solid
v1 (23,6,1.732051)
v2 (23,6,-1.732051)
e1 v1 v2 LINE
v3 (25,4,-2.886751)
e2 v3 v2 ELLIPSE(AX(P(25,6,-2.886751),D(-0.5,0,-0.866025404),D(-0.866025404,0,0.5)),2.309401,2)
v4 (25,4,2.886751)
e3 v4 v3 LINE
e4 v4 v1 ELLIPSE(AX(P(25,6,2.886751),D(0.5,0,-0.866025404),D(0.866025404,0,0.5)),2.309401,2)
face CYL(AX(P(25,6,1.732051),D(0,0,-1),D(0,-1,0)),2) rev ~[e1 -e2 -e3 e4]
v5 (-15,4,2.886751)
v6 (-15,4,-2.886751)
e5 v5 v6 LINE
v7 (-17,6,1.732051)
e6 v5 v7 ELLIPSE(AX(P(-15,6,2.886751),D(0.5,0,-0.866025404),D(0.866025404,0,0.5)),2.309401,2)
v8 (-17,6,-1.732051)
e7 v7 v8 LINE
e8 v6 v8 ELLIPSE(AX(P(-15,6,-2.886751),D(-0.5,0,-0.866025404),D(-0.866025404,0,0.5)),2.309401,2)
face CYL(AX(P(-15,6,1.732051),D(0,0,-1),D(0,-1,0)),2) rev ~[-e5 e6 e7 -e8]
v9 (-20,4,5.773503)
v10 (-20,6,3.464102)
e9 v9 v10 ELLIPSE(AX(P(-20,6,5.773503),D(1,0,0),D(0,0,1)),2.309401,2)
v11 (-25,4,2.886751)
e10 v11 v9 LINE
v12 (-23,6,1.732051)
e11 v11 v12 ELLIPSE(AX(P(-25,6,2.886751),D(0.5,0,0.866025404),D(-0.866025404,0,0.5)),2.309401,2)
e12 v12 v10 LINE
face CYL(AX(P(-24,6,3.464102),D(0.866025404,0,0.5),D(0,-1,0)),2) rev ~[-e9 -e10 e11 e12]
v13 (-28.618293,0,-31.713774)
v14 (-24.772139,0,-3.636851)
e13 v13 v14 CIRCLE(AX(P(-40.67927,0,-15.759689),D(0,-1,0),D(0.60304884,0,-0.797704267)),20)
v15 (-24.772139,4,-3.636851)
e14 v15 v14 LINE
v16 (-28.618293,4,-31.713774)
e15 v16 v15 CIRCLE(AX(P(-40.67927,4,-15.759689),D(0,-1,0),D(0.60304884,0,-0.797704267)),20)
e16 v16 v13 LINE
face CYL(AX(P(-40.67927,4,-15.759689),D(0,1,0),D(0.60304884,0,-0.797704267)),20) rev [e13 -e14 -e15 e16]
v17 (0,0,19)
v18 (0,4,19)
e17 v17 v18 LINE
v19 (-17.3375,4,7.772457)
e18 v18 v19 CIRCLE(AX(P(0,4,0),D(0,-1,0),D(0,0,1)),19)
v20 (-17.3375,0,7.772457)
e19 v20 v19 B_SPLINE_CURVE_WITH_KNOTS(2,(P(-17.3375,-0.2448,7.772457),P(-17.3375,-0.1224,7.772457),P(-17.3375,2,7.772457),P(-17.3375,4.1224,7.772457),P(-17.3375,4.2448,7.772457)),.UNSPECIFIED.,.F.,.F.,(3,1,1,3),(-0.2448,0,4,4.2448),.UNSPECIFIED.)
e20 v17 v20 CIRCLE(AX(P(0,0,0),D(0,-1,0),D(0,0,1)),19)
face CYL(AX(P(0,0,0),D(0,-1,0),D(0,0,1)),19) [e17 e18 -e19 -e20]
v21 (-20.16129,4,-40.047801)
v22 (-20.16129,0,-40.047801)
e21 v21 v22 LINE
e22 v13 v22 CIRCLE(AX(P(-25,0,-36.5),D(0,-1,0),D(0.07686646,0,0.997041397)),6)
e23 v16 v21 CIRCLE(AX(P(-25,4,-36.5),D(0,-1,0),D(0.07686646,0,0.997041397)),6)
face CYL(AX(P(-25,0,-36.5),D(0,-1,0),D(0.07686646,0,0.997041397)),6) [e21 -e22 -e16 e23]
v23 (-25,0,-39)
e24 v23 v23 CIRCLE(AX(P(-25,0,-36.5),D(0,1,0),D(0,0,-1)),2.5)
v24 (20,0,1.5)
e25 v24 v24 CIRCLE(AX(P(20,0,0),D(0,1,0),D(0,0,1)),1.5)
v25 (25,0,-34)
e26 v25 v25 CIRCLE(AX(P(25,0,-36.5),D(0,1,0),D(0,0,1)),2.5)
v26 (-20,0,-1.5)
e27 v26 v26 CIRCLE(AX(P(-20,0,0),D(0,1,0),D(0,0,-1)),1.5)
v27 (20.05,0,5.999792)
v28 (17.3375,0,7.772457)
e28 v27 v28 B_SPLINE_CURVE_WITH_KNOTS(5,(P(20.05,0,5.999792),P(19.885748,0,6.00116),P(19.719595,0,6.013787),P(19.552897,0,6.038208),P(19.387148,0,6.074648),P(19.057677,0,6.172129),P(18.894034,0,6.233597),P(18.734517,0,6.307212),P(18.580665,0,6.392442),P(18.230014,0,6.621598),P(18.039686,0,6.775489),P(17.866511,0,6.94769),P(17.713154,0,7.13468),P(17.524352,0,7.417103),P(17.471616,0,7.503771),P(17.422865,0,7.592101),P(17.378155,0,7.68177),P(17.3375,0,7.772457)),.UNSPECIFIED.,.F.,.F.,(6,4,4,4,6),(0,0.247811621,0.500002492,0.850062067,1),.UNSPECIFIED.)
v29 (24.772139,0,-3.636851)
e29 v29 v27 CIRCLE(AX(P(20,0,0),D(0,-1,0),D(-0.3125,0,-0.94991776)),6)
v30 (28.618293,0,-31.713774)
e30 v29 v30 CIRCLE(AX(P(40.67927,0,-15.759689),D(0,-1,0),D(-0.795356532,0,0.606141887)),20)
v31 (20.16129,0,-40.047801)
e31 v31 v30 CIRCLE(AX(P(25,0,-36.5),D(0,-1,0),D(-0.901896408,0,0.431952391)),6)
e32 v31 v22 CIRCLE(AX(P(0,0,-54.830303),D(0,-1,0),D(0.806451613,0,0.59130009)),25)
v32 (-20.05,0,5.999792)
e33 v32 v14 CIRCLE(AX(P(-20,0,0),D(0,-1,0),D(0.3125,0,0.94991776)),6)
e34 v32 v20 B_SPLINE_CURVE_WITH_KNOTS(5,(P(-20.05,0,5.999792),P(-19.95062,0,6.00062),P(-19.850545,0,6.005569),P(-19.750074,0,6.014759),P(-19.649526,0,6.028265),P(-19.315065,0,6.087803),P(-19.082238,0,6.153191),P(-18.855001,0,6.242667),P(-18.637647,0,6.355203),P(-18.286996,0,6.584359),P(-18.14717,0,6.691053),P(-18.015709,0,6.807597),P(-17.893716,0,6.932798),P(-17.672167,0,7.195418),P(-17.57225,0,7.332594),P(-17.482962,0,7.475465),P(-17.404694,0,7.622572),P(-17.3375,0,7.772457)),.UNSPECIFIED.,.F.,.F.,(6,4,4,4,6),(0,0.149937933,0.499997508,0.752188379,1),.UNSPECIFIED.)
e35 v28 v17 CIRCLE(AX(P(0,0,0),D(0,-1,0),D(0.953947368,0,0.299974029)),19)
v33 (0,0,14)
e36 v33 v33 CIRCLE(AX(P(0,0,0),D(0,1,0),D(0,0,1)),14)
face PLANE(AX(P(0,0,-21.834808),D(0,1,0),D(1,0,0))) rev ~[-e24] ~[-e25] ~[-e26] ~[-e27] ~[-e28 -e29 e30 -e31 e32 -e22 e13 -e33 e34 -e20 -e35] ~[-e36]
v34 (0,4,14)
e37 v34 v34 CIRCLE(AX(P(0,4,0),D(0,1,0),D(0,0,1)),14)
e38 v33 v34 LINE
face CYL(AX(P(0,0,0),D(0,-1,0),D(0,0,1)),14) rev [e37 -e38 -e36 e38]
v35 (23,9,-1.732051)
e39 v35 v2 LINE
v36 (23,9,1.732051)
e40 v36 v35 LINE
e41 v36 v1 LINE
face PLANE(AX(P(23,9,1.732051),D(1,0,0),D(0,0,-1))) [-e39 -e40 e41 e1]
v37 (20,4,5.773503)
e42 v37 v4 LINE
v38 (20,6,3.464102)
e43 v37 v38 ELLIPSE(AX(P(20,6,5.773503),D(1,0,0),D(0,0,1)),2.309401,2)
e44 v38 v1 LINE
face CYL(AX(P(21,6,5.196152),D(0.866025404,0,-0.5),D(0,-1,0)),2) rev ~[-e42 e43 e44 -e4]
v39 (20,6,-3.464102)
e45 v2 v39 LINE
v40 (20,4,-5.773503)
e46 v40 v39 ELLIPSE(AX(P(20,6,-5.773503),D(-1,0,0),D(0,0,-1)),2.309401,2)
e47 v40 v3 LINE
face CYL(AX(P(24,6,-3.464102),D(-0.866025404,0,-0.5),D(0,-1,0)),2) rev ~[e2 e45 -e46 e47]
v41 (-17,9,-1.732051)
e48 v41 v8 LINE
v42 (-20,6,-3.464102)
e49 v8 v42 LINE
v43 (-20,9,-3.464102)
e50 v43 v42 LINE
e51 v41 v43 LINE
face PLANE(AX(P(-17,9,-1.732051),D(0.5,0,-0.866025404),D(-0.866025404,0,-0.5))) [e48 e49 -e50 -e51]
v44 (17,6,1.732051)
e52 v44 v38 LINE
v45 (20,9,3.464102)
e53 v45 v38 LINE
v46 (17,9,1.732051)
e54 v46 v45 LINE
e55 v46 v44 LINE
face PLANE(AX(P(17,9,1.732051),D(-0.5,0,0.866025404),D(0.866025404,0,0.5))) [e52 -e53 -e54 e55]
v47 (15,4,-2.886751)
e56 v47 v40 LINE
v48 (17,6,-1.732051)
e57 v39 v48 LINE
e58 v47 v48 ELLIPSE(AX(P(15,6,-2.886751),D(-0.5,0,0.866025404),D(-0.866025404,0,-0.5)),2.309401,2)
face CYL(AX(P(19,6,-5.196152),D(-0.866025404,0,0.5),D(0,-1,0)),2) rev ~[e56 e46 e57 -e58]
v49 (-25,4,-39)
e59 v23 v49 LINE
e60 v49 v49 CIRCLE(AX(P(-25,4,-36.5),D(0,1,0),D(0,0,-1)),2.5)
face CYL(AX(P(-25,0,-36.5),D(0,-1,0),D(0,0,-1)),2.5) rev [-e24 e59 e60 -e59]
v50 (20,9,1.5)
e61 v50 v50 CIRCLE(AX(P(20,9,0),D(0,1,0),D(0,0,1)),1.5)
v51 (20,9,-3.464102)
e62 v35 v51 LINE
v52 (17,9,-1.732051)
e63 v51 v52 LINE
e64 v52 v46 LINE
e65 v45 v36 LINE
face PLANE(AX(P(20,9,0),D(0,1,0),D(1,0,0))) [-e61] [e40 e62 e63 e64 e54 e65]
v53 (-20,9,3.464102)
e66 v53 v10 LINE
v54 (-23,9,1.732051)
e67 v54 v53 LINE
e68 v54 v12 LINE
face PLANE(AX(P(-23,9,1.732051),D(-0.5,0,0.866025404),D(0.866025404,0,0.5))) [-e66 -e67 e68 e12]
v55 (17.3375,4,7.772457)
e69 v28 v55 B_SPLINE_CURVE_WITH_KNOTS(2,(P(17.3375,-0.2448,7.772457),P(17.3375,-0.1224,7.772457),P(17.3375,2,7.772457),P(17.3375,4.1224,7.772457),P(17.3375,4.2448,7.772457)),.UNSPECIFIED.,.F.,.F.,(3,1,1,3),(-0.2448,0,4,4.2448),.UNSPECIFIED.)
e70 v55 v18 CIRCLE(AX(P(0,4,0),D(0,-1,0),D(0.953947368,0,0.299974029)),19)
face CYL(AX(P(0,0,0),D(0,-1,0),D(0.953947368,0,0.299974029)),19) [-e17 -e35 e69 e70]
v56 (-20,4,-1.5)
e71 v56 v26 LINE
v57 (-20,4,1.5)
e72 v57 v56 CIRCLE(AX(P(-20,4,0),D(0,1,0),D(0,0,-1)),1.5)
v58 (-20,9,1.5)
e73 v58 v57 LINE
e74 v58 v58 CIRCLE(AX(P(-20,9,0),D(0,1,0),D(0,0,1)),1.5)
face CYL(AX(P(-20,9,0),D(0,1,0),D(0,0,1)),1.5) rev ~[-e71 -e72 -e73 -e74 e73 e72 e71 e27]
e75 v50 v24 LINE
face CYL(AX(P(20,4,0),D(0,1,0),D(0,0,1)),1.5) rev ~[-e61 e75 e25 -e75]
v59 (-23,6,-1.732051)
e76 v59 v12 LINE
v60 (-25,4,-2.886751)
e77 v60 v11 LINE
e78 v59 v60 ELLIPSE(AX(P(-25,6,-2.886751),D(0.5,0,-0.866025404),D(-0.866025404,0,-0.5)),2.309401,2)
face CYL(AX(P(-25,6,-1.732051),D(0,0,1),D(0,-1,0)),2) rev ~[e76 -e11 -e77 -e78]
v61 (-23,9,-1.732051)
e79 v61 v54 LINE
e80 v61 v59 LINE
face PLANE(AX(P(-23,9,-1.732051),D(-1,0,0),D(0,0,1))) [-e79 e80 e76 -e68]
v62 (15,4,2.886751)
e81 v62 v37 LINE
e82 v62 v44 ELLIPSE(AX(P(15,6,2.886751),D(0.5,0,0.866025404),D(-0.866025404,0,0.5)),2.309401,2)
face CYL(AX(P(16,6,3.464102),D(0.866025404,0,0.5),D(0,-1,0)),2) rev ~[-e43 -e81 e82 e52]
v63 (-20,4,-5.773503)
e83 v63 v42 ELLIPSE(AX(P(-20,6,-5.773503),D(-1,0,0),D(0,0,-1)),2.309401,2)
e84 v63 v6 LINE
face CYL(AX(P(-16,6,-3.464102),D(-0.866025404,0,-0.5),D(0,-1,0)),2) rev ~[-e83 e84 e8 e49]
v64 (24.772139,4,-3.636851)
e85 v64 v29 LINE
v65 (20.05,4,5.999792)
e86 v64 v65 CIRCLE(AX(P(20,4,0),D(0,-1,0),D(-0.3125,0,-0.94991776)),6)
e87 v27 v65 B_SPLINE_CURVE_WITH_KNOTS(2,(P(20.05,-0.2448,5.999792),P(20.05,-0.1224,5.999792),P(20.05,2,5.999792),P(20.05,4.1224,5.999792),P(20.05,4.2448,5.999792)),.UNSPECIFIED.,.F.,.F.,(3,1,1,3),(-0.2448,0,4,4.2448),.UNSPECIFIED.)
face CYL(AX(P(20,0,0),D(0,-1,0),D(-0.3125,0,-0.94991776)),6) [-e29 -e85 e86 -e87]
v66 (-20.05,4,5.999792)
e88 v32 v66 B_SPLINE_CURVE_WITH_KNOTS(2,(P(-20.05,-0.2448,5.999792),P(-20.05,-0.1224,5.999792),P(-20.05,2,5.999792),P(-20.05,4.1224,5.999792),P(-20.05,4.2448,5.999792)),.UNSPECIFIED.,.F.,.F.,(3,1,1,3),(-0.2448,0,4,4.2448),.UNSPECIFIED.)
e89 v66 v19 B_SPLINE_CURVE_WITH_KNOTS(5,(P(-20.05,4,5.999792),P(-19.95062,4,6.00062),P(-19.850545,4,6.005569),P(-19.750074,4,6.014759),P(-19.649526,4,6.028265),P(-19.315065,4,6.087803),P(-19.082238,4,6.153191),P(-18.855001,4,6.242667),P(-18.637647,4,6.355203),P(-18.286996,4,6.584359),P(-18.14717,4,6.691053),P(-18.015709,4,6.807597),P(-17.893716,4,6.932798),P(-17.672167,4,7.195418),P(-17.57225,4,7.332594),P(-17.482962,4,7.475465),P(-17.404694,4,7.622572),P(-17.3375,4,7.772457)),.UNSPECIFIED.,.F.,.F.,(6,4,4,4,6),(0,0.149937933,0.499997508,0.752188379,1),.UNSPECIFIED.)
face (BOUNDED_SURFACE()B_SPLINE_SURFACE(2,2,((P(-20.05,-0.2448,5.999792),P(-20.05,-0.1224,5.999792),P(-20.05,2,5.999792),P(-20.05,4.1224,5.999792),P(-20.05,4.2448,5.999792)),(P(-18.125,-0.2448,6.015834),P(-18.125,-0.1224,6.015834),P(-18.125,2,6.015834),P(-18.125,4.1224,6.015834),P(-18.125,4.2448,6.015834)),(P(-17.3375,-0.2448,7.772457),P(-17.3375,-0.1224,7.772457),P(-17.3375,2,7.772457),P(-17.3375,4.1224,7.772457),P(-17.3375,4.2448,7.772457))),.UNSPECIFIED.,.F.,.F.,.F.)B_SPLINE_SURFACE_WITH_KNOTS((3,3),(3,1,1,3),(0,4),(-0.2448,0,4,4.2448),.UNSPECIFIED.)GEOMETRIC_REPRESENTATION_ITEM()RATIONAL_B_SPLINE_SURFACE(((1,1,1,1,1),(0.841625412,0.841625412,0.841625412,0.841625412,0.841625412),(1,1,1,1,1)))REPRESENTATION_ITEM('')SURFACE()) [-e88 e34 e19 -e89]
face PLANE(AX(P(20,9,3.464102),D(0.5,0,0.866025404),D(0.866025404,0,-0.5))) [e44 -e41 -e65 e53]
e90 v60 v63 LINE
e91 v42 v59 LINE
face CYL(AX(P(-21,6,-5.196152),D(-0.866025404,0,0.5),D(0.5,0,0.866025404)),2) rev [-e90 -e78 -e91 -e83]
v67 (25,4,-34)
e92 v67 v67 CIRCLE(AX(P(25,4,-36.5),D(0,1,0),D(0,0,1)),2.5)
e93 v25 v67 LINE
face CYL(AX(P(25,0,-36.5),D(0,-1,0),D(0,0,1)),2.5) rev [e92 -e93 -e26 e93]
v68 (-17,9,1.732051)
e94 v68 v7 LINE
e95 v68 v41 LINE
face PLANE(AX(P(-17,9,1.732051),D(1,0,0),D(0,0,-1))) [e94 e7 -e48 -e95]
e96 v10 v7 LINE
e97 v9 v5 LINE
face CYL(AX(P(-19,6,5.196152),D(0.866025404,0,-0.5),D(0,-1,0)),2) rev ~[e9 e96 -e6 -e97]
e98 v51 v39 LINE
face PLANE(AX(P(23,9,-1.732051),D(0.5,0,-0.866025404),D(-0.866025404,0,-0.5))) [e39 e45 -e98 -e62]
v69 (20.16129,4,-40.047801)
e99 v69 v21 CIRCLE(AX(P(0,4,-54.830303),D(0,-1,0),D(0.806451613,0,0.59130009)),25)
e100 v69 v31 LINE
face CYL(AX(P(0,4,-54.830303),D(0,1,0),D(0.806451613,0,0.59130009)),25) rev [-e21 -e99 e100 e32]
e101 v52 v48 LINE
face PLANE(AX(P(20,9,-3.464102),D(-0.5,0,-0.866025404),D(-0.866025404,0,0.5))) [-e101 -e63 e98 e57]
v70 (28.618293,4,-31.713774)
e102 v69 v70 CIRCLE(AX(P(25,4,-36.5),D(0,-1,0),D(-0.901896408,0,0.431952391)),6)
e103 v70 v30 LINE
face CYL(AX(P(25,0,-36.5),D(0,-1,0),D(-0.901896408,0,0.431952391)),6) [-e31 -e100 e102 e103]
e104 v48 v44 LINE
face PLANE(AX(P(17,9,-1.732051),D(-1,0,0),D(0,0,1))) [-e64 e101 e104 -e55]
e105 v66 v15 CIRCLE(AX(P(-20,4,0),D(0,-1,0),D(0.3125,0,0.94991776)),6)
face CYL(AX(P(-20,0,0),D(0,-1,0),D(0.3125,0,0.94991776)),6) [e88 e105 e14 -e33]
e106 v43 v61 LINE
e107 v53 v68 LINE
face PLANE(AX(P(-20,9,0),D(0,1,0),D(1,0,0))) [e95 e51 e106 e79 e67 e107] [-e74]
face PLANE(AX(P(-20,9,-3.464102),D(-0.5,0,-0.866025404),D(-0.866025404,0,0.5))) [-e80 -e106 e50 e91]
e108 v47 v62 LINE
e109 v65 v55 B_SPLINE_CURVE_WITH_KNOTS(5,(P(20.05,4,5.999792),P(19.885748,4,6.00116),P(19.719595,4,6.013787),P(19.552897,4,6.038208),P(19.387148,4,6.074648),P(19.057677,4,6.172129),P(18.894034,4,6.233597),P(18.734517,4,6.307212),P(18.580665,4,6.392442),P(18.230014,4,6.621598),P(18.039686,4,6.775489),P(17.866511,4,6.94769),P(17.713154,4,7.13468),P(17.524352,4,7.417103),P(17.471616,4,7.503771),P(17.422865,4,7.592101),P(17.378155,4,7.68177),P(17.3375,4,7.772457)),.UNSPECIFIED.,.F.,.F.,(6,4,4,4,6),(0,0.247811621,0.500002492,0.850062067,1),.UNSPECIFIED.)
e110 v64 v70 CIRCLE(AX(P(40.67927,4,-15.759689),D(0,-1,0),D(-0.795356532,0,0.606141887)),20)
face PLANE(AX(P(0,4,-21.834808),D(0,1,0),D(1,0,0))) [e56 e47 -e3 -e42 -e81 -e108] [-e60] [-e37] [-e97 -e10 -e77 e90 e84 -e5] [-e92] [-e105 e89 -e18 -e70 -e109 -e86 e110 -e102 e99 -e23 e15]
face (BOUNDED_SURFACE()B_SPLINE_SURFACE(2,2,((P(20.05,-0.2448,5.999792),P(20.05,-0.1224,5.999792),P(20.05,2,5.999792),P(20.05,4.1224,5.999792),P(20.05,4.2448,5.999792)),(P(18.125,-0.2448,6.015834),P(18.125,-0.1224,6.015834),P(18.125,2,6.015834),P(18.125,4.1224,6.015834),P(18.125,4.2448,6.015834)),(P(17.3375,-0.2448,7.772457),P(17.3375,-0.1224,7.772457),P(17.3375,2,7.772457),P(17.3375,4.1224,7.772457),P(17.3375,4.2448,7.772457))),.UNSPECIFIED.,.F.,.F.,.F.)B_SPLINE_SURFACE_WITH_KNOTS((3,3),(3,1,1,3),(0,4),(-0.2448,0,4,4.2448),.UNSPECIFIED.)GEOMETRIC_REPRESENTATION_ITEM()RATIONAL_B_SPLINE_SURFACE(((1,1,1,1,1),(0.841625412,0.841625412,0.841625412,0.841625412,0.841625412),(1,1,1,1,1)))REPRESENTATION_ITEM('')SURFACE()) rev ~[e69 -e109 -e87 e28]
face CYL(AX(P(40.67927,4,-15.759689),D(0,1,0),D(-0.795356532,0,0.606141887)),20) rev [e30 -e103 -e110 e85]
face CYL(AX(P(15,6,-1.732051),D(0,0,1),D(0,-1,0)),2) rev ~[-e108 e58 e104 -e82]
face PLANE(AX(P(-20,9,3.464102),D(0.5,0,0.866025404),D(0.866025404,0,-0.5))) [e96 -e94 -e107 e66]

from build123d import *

# Parameters (mm, degrees)
SKETCH1_R           = 14
SKETCH1_R_2         = 2.5
BOSS_EXTRUDE1_DEPTH = 4
FILLET1_R           = 3
SKETCH2_R           = 1.5
CUT_EXTRUDE1_DEPTH  = 10
BOSS_EXTRUDE2_START = 5
SKETCH3_R           = 1.5
BOSS_EXTRUDE2_DEPTH = 5
FILLET2_R           = 2
BOSS_EXTRUDE3_DEPTH = 4


with BuildPart() as part:
    # Sketch1 → Boss-Extrude1 (new body)
    with BuildSketch(Plane(origin=(0, 0, 0), x_dir=(1, 0, 0), z_dir=(0, 1, 0))):
        with BuildLine():
            Line((8.126919667, 17.174200905), (19.588621549, 33.908285652))
            ThreePointArc((19.588621549, 33.908285652), (28.390534034, 41.45017969), (24.538801239, 30.517751618))
            Line((24.538801239, 30.517751618), (13.077099357, 13.783666871))
            ThreePointArc((13.077099357, 13.783666871), (16.116177061, 10.06324187), (18.125, 5.699506558))
            ThreePointArc((18.125, 5.699506558), (26, 0), (18.125, -5.699506558))
            ThreePointArc((18.125, -5.699506558), (11.240760103, -15.318136711), (0, -19))
            ThreePointArc((0, -19), (-11.240760103, -15.318136711), (-18.125, -5.699506558))
            ThreePointArc((-18.125, -5.699506558), (-26, 0), (-18.125, 5.699506558))
            ThreePointArc((-18.125, 5.699506558), (-16.116177061, 10.06324187), (-13.077099357, 13.783666871))
            Line((-13.077099357, 13.783666871), (-24.538801239, 30.517751618))
            ThreePointArc((-24.538801239, 30.517751618), (-28.390534034, 41.45017969), (-19.588621549, 33.908285652))
            Line((-19.588621549, 33.908285652), (-8.126919667, 17.174200905))
            ThreePointArc((-8.126919667, 17.174200905), (0, 19), (8.126919667, 17.174200905))
        make_face()
        with Locations(Location((0, 0, 0), (0, 0, 270))):
            Circle(SKETCH1_R, mode=Mode.SUBTRACT)
        with Locations(Location((25, 36.5, 0), (0, 0, 270))):
            Circle(SKETCH1_R_2, mode=Mode.SUBTRACT)
        with Locations(Location((-25, 36.5, 0), (0, 0, 90))):
            Circle(SKETCH1_R_2, mode=Mode.SUBTRACT)
    extrude(amount=BOSS_EXTRUDE1_DEPTH)

    # Fillet1
    fillet1_edges = [part.edges().sort_by_distance(p)[0] for p in [
        (8.126919667, 2, -17.174200905),
        (19.588621549, 2, -33.908285652),
        (24.538801239, 2, -30.517751618),
        (13.077099357, 2, -13.783666871),
        (18.125, 2, 5.699506558),
        (-18.125, 2, 5.699506558),
        (-18.125, 2, -5.699506558),
        (-13.077099357, 2, -13.783666871),
        (-24.538801239, 2, -30.517751618),
        (-19.588621549, 2, -33.908285652),
        (-8.126919667, 2, -17.174200905),
    ]]
    fillet(fillet1_edges, radius=FILLET1_R)

    # Sketch2 → Cut-Extrude1 (cut)
    with BuildSketch(Plane(origin=(0, 4, 0), x_dir=(1, 0, 0), z_dir=(0, 1, 0))):
        with Locations(Location((20, 0, 0), (0, 0, 270))):
            Circle(SKETCH2_R)
        with Locations(Location((-20, 0, 0), (0, 0, 90))):
            Circle(SKETCH2_R)
    extrude(amount=-CUT_EXTRUDE1_DEPTH, mode=Mode.SUBTRACT)

    # Sketch3 → Boss-Extrude2 (add)
    # profile 1 of 2: a face of its own
    with BuildSketch(Plane(origin=(0, 4, 0), x_dir=(1, 0, 0), z_dir=(0, 1, 0)).offset(BOSS_EXTRUDE2_START)):
        Polygon((-20, 3.464101615), (-23, 1.732050808), (-23, -1.732050808), (-20, -3.464101615), (-17, -1.732050808), (-17, 1.732050808), align=None)
        with Locations(Location((-20, 0, 0), (0, 0, 270))):
            Circle(SKETCH3_R, mode=Mode.SUBTRACT)
    # profile 2 of 2: a face of its own
    with BuildSketch(Plane(origin=(0, 4, 0), x_dir=(1, 0, 0), z_dir=(0, 1, 0)).offset(BOSS_EXTRUDE2_START)):
        Polygon((20, 3.464101615), (17, 1.732050808), (17, -1.732050808), (20, -3.464101615), (23, -1.732050808), (23, 1.732050808), align=None)
        with Locations(Location((20, 0, 0), (0, 0, 270))):
            Circle(SKETCH3_R, mode=Mode.SUBTRACT)
    extrude(amount=-BOSS_EXTRUDE2_DEPTH)

    # Fillet2
    fillet2_edges = [part.edges().sort_by_distance(p)[0] for p in [
        (-18.5, 4, -2.598076211),
        (-21.5, 4, -2.598076211),
        (-23, 4, 0),
        (-21.5, 4, 2.598076211),
        (-18.5, 4, 2.598076211),
        (-17, 4, 0),
        (21.5, 4, -2.598076211),
        (18.5, 4, -2.598076211),
        (17, 4, 0),
        (18.5, 4, 2.598076211),
        (21.5, 4, 2.598076211),
        (23, 4, 0),
    ]]
    fillet(fillet2_edges, radius=FILLET2_R)

    # Sketch4 → Boss-Extrude3 (add)
    with BuildSketch(Plane(origin=(0, 4, 0), x_dir=(1, 0, 0), z_dir=(0, 1, 0))):
        with BuildLine():
            ThreePointArc((24.772139191, 3.636851323), (20.864321919, 18.474065491), (28.618293037, 31.7137744))
            ThreePointArc((28.618293037, 31.7137744), (21.354403975, 32.800609697), (20.161290323, 40.047800538))
            ThreePointArc((20.161290323, 40.047800538), (0, 29.83030278), (-20.161290323, 40.047800538))
            ThreePointArc((-20.161290323, 40.047800538), (-21.354403975, 32.800609697), (-28.618293037, 31.7137744))
            ThreePointArc((-28.618293037, 31.7137744), (-20.864321919, 18.474065491), (-24.772139191, 3.636851323))
            ThreePointArc((-24.772139191, 3.636851323), (-19.807252921, 3.994836175), (-15.415783274, 6.338603052))
            ThreePointArc((-15.415783274, 6.338603052), (-9.04861994, 13.254364925), (0, 15.802110673))
            ThreePointArc((0, 15.802110673), (9.04861994, 13.254364925), (15.415783274, 6.338603052))
            ThreePointArc((15.415783274, 6.338603052), (19.807252921, 3.994836175), (24.772139191, 3.636851323))
        make_face()
    extrude(amount=-BOSS_EXTRUDE3_DEPTH)


solid = part.part
